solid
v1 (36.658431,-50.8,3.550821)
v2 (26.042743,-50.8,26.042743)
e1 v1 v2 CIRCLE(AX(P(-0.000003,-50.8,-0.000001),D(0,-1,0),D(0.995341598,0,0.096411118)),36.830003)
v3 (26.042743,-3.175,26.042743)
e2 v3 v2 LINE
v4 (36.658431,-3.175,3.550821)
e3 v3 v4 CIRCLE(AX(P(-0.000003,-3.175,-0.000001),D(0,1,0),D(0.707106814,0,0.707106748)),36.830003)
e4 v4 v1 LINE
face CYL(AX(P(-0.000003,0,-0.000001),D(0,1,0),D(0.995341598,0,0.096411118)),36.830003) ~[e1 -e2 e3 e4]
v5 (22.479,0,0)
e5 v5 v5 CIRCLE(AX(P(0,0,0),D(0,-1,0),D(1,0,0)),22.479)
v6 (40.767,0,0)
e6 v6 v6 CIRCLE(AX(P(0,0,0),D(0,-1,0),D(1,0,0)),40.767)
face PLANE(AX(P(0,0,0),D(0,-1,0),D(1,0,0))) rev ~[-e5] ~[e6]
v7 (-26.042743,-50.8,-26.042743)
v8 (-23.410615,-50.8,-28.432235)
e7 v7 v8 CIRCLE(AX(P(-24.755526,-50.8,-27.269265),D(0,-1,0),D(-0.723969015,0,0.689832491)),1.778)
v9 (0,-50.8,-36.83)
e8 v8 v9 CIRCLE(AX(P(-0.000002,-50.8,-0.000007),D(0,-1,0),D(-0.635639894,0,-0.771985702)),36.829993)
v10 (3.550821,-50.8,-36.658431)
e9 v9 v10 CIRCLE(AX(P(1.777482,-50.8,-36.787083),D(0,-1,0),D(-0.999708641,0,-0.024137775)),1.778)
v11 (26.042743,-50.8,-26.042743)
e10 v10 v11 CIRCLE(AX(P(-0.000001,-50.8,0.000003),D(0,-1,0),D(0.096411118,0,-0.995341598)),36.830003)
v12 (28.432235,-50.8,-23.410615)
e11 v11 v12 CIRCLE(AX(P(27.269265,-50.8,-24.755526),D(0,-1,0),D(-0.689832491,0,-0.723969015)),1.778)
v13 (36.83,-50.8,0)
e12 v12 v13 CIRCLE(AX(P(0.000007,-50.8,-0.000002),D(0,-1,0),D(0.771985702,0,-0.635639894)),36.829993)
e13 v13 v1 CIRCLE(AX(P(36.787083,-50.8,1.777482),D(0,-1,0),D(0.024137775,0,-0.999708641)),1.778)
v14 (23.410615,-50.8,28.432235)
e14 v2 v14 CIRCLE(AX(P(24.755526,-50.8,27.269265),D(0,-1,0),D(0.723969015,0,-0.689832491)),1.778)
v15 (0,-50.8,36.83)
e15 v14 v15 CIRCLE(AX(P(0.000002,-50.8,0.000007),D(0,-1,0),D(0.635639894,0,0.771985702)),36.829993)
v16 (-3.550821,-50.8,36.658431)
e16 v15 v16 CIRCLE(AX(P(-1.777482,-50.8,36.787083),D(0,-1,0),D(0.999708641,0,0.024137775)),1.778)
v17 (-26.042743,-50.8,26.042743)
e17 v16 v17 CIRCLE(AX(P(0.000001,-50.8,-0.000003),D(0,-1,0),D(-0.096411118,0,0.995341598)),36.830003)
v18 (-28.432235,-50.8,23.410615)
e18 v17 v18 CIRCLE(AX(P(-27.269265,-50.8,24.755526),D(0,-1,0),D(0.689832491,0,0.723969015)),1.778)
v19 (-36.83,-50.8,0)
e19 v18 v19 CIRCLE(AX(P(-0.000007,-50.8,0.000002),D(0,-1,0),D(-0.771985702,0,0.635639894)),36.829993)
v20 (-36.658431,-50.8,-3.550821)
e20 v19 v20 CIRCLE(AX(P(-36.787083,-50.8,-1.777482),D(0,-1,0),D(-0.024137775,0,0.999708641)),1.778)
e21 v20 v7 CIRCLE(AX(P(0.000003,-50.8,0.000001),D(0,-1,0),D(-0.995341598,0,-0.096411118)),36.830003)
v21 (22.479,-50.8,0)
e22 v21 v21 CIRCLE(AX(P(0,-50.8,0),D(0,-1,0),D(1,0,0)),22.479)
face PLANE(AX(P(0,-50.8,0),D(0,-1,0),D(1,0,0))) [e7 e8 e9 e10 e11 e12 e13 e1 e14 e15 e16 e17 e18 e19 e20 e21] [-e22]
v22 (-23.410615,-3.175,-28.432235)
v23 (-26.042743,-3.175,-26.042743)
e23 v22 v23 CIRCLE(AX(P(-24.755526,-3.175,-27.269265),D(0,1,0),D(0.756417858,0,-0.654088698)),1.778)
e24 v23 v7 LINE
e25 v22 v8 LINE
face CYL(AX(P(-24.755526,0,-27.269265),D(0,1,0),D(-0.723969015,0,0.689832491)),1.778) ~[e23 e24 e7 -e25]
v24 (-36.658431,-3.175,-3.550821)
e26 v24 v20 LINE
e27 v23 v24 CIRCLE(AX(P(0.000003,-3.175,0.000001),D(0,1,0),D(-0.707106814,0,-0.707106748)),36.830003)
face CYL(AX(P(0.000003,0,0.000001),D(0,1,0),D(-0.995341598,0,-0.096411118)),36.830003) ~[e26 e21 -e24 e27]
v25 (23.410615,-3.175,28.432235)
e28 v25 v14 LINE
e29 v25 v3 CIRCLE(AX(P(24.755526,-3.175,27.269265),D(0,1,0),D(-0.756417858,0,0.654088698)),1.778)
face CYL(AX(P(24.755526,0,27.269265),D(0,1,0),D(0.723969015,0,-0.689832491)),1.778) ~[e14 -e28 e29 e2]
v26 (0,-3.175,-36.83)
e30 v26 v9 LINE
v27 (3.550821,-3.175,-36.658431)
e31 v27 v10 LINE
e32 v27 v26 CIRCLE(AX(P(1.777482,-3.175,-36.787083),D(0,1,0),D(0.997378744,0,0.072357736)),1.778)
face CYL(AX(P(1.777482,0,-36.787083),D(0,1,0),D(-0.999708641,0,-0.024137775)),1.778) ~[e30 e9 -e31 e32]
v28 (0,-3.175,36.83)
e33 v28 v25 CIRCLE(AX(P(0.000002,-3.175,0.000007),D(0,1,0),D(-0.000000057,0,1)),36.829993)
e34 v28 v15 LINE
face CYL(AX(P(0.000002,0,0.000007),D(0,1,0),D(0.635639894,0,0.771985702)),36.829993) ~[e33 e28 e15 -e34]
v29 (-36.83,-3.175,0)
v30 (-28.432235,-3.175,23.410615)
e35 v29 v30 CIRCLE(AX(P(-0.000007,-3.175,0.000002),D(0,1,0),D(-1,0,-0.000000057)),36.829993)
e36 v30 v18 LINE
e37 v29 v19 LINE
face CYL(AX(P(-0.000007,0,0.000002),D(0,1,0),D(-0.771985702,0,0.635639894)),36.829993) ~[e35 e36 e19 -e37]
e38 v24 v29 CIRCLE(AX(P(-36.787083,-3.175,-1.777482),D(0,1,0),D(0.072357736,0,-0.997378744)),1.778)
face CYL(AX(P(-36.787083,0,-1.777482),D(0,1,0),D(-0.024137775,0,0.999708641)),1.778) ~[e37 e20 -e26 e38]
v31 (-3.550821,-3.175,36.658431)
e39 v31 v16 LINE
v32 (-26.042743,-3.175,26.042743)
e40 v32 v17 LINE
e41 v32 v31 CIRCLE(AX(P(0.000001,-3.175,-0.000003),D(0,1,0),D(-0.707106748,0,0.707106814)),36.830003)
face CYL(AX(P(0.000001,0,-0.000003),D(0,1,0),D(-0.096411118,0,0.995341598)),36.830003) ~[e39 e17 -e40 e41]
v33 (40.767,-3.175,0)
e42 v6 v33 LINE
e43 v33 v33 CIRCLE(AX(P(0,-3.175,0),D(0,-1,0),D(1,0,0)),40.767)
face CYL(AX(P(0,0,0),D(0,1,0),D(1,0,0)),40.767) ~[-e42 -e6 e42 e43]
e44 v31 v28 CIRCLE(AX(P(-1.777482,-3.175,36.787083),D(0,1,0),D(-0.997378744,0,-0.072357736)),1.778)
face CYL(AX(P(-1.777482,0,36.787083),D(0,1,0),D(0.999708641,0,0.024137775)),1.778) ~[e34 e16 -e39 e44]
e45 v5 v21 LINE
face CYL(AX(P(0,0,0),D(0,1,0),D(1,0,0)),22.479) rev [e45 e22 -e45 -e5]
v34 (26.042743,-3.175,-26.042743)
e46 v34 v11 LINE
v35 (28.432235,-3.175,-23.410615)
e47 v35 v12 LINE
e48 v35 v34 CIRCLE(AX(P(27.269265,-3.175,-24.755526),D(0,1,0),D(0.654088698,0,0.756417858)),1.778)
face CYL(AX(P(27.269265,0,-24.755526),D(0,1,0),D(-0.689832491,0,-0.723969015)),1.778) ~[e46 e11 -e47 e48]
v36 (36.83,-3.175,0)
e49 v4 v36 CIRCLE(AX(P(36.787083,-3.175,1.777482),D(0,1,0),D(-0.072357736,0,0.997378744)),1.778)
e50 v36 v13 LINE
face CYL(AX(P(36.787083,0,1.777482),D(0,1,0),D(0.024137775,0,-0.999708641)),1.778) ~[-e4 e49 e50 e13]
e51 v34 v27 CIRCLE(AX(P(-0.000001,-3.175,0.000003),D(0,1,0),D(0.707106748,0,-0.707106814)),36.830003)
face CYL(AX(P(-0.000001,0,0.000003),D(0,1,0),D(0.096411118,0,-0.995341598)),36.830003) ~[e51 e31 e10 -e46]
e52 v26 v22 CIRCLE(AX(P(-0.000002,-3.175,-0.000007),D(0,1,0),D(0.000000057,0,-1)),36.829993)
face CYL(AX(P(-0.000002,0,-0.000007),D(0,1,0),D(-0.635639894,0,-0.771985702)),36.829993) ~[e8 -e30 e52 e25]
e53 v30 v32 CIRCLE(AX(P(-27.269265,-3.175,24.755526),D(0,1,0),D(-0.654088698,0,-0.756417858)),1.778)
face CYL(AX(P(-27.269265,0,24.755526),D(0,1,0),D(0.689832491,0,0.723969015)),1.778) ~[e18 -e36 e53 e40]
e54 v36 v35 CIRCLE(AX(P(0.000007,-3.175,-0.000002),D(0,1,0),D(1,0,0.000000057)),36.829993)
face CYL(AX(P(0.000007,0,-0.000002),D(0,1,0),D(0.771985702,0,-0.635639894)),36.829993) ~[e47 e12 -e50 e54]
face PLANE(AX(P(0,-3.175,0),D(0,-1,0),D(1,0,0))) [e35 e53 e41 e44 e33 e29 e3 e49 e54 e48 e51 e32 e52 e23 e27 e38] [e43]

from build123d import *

# Parameters (mm, degrees)
F0_R     = 22.479
F1_DEPTH = 50.8
F0_R_2   = 40.767
F2_DEPTH = 3.175


with BuildPart() as f1:
    # F0 (on Front) → F1 (new body)
    with BuildSketch(Plane.XZ):
        with BuildLine():
            ThreePointArc((28.432235, -23.410615), (34.667046, -12.435628), (36.83, 0))
            ThreePointArc((36.83, 0), (36.787083, 1.777482), (36.658431, 3.550821))
            ThreePointArc((36.658431, 3.550821), (33.30662, 15.719986), (26.042743, 26.042743))
            ThreePointArc((26.042743, 26.042743), (24.755526, 27.269265), (23.410615, 28.432235))
            ThreePointArc((23.410615, 28.432235), (12.435628, 34.667046), (0, 36.83))
            ThreePointArc((0, 36.83), (-1.777482, 36.787083), (-3.550821, 36.658431))
            ThreePointArc((-3.550821, 36.658431), (-15.719986, 33.30662), (-26.042743, 26.042743))
            ThreePointArc((-26.042743, 26.042743), (-27.269265, 24.755526), (-28.432235, 23.410615))
            ThreePointArc((-28.432235, 23.410615), (-34.667046, 12.435628), (-36.83, 0))
            ThreePointArc((-36.83, 0), (-36.787083, -1.777482), (-36.658431, -3.550821))
            ThreePointArc((-36.658431, -3.550821), (-33.30662, -15.719986), (-26.042743, -26.042743))
            ThreePointArc((-26.042743, -26.042743), (-24.755526, -27.269265), (-23.410615, -28.432235))
            ThreePointArc((-23.410615, -28.432235), (-12.435628, -34.667046), (0, -36.83))
            ThreePointArc((0, -36.83), (1.777482, -36.787083), (3.550821, -36.658431))
            ThreePointArc((3.550821, -36.658431), (15.719986, -33.30662), (26.042743, -26.042743))
            ThreePointArc((26.042743, -26.042743), (27.269265, -24.755526), (28.432235, -23.410615))
        make_face()
        Circle(F0_R, mode=Mode.SUBTRACT)
        with BuildLine():
            ThreePointArc((-3.550821, 36.658431), (-1.777482, 36.787083), (0, 36.83))
            ThreePointArc((0, 36.83), (-1.863291, 38.563011), (-3.550821, 36.658431))
        make_face()
        with BuildLine():
            ThreePointArc((-28.432235, 23.410615), (-27.269265, 24.755526), (-26.042743, 26.042743))
            ThreePointArc((-26.042743, 26.042743), (-28.585713, 25.95062), (-28.432235, 23.410615))
        make_face()
        with BuildLine():
            ThreePointArc((-36.83, 0), (-38.563011, -1.863291), (-36.658431, -3.550821))
            ThreePointArc((-36.658431, -3.550821), (-36.787083, -1.777482), (-36.83, 0))
        make_face()
        with BuildLine():
            ThreePointArc((36.658431, 3.550821), (36.787083, 1.777482), (36.83, 0))
            ThreePointArc((36.83, 0), (38.563011, 1.863291), (36.658431, 3.550821))
        make_face()
        with BuildLine():
            ThreePointArc((23.410615, 28.432235), (24.755526, 27.269265), (26.042743, 26.042743))
            ThreePointArc((26.042743, 26.042743), (25.95062, 28.585713), (23.410615, 28.432235))
        make_face()
        with BuildLine():
            ThreePointArc((26.042743, -26.042743), (28.585713, -25.95062), (28.432235, -23.410615))
            ThreePointArc((28.432235, -23.410615), (27.269265, -24.755526), (26.042743, -26.042743))
        make_face()
        with BuildLine():
            ThreePointArc((0, -36.83), (1.863291, -38.563011), (3.550821, -36.658431))
            ThreePointArc((3.550821, -36.658431), (1.777482, -36.787083), (0, -36.83))
        make_face()
        with BuildLine():
            ThreePointArc((-26.042743, -26.042743), (-25.95062, -28.585713), (-23.410615, -28.432235))
            ThreePointArc((-23.410615, -28.432235), (-24.755526, -27.269265), (-26.042743, -26.042743))
        make_face()
    extrude(amount=F1_DEPTH)

    # F0 (on Front) → F2 (join)
    with BuildSketch(Plane.XZ):
        Circle(F0_R_2)
        with BuildLine():
            ThreePointArc((36.658431, 3.550821), (38.563011, 1.863291), (36.83, 0))
            ThreePointArc((36.83, 0), (34.667046, -12.435628), (28.432235, -23.410615))
            ThreePointArc((28.432235, -23.410615), (28.585713, -25.95062), (26.042743, -26.042743))
            ThreePointArc((26.042743, -26.042743), (15.719986, -33.30662), (3.550821, -36.658431))
            ThreePointArc((3.550821, -36.658431), (1.863291, -38.563011), (0, -36.83))
            ThreePointArc((0, -36.83), (-12.435628, -34.667046), (-23.410615, -28.432235))
            ThreePointArc((-23.410615, -28.432235), (-25.95062, -28.585713), (-26.042743, -26.042743))
            ThreePointArc((-26.042743, -26.042743), (-33.30662, -15.719986), (-36.658431, -3.550821))
            ThreePointArc((-36.658431, -3.550821), (-38.563011, -1.863291), (-36.83, 0))
            ThreePointArc((-36.83, 0), (-34.667046, 12.435628), (-28.432235, 23.410615))
            ThreePointArc((-28.432235, 23.410615), (-28.585713, 25.95062), (-26.042743, 26.042743))
            ThreePointArc((-26.042743, 26.042743), (-15.719986, 33.30662), (-3.550821, 36.658431))
            ThreePointArc((-3.550821, 36.658431), (-1.863291, 38.563011), (0, 36.83))
            ThreePointArc((0, 36.83), (12.435628, 34.667046), (23.410615, 28.432235))
            ThreePointArc((23.410615, 28.432235), (25.95062, 28.585713), (26.042743, 26.042743))
            ThreePointArc((26.042743, 26.042743), (33.30662, 15.719986), (36.658431, 3.550821))
        make_face(mode=Mode.SUBTRACT)
    extrude(amount=F2_DEPTH)


solid = f1.part
